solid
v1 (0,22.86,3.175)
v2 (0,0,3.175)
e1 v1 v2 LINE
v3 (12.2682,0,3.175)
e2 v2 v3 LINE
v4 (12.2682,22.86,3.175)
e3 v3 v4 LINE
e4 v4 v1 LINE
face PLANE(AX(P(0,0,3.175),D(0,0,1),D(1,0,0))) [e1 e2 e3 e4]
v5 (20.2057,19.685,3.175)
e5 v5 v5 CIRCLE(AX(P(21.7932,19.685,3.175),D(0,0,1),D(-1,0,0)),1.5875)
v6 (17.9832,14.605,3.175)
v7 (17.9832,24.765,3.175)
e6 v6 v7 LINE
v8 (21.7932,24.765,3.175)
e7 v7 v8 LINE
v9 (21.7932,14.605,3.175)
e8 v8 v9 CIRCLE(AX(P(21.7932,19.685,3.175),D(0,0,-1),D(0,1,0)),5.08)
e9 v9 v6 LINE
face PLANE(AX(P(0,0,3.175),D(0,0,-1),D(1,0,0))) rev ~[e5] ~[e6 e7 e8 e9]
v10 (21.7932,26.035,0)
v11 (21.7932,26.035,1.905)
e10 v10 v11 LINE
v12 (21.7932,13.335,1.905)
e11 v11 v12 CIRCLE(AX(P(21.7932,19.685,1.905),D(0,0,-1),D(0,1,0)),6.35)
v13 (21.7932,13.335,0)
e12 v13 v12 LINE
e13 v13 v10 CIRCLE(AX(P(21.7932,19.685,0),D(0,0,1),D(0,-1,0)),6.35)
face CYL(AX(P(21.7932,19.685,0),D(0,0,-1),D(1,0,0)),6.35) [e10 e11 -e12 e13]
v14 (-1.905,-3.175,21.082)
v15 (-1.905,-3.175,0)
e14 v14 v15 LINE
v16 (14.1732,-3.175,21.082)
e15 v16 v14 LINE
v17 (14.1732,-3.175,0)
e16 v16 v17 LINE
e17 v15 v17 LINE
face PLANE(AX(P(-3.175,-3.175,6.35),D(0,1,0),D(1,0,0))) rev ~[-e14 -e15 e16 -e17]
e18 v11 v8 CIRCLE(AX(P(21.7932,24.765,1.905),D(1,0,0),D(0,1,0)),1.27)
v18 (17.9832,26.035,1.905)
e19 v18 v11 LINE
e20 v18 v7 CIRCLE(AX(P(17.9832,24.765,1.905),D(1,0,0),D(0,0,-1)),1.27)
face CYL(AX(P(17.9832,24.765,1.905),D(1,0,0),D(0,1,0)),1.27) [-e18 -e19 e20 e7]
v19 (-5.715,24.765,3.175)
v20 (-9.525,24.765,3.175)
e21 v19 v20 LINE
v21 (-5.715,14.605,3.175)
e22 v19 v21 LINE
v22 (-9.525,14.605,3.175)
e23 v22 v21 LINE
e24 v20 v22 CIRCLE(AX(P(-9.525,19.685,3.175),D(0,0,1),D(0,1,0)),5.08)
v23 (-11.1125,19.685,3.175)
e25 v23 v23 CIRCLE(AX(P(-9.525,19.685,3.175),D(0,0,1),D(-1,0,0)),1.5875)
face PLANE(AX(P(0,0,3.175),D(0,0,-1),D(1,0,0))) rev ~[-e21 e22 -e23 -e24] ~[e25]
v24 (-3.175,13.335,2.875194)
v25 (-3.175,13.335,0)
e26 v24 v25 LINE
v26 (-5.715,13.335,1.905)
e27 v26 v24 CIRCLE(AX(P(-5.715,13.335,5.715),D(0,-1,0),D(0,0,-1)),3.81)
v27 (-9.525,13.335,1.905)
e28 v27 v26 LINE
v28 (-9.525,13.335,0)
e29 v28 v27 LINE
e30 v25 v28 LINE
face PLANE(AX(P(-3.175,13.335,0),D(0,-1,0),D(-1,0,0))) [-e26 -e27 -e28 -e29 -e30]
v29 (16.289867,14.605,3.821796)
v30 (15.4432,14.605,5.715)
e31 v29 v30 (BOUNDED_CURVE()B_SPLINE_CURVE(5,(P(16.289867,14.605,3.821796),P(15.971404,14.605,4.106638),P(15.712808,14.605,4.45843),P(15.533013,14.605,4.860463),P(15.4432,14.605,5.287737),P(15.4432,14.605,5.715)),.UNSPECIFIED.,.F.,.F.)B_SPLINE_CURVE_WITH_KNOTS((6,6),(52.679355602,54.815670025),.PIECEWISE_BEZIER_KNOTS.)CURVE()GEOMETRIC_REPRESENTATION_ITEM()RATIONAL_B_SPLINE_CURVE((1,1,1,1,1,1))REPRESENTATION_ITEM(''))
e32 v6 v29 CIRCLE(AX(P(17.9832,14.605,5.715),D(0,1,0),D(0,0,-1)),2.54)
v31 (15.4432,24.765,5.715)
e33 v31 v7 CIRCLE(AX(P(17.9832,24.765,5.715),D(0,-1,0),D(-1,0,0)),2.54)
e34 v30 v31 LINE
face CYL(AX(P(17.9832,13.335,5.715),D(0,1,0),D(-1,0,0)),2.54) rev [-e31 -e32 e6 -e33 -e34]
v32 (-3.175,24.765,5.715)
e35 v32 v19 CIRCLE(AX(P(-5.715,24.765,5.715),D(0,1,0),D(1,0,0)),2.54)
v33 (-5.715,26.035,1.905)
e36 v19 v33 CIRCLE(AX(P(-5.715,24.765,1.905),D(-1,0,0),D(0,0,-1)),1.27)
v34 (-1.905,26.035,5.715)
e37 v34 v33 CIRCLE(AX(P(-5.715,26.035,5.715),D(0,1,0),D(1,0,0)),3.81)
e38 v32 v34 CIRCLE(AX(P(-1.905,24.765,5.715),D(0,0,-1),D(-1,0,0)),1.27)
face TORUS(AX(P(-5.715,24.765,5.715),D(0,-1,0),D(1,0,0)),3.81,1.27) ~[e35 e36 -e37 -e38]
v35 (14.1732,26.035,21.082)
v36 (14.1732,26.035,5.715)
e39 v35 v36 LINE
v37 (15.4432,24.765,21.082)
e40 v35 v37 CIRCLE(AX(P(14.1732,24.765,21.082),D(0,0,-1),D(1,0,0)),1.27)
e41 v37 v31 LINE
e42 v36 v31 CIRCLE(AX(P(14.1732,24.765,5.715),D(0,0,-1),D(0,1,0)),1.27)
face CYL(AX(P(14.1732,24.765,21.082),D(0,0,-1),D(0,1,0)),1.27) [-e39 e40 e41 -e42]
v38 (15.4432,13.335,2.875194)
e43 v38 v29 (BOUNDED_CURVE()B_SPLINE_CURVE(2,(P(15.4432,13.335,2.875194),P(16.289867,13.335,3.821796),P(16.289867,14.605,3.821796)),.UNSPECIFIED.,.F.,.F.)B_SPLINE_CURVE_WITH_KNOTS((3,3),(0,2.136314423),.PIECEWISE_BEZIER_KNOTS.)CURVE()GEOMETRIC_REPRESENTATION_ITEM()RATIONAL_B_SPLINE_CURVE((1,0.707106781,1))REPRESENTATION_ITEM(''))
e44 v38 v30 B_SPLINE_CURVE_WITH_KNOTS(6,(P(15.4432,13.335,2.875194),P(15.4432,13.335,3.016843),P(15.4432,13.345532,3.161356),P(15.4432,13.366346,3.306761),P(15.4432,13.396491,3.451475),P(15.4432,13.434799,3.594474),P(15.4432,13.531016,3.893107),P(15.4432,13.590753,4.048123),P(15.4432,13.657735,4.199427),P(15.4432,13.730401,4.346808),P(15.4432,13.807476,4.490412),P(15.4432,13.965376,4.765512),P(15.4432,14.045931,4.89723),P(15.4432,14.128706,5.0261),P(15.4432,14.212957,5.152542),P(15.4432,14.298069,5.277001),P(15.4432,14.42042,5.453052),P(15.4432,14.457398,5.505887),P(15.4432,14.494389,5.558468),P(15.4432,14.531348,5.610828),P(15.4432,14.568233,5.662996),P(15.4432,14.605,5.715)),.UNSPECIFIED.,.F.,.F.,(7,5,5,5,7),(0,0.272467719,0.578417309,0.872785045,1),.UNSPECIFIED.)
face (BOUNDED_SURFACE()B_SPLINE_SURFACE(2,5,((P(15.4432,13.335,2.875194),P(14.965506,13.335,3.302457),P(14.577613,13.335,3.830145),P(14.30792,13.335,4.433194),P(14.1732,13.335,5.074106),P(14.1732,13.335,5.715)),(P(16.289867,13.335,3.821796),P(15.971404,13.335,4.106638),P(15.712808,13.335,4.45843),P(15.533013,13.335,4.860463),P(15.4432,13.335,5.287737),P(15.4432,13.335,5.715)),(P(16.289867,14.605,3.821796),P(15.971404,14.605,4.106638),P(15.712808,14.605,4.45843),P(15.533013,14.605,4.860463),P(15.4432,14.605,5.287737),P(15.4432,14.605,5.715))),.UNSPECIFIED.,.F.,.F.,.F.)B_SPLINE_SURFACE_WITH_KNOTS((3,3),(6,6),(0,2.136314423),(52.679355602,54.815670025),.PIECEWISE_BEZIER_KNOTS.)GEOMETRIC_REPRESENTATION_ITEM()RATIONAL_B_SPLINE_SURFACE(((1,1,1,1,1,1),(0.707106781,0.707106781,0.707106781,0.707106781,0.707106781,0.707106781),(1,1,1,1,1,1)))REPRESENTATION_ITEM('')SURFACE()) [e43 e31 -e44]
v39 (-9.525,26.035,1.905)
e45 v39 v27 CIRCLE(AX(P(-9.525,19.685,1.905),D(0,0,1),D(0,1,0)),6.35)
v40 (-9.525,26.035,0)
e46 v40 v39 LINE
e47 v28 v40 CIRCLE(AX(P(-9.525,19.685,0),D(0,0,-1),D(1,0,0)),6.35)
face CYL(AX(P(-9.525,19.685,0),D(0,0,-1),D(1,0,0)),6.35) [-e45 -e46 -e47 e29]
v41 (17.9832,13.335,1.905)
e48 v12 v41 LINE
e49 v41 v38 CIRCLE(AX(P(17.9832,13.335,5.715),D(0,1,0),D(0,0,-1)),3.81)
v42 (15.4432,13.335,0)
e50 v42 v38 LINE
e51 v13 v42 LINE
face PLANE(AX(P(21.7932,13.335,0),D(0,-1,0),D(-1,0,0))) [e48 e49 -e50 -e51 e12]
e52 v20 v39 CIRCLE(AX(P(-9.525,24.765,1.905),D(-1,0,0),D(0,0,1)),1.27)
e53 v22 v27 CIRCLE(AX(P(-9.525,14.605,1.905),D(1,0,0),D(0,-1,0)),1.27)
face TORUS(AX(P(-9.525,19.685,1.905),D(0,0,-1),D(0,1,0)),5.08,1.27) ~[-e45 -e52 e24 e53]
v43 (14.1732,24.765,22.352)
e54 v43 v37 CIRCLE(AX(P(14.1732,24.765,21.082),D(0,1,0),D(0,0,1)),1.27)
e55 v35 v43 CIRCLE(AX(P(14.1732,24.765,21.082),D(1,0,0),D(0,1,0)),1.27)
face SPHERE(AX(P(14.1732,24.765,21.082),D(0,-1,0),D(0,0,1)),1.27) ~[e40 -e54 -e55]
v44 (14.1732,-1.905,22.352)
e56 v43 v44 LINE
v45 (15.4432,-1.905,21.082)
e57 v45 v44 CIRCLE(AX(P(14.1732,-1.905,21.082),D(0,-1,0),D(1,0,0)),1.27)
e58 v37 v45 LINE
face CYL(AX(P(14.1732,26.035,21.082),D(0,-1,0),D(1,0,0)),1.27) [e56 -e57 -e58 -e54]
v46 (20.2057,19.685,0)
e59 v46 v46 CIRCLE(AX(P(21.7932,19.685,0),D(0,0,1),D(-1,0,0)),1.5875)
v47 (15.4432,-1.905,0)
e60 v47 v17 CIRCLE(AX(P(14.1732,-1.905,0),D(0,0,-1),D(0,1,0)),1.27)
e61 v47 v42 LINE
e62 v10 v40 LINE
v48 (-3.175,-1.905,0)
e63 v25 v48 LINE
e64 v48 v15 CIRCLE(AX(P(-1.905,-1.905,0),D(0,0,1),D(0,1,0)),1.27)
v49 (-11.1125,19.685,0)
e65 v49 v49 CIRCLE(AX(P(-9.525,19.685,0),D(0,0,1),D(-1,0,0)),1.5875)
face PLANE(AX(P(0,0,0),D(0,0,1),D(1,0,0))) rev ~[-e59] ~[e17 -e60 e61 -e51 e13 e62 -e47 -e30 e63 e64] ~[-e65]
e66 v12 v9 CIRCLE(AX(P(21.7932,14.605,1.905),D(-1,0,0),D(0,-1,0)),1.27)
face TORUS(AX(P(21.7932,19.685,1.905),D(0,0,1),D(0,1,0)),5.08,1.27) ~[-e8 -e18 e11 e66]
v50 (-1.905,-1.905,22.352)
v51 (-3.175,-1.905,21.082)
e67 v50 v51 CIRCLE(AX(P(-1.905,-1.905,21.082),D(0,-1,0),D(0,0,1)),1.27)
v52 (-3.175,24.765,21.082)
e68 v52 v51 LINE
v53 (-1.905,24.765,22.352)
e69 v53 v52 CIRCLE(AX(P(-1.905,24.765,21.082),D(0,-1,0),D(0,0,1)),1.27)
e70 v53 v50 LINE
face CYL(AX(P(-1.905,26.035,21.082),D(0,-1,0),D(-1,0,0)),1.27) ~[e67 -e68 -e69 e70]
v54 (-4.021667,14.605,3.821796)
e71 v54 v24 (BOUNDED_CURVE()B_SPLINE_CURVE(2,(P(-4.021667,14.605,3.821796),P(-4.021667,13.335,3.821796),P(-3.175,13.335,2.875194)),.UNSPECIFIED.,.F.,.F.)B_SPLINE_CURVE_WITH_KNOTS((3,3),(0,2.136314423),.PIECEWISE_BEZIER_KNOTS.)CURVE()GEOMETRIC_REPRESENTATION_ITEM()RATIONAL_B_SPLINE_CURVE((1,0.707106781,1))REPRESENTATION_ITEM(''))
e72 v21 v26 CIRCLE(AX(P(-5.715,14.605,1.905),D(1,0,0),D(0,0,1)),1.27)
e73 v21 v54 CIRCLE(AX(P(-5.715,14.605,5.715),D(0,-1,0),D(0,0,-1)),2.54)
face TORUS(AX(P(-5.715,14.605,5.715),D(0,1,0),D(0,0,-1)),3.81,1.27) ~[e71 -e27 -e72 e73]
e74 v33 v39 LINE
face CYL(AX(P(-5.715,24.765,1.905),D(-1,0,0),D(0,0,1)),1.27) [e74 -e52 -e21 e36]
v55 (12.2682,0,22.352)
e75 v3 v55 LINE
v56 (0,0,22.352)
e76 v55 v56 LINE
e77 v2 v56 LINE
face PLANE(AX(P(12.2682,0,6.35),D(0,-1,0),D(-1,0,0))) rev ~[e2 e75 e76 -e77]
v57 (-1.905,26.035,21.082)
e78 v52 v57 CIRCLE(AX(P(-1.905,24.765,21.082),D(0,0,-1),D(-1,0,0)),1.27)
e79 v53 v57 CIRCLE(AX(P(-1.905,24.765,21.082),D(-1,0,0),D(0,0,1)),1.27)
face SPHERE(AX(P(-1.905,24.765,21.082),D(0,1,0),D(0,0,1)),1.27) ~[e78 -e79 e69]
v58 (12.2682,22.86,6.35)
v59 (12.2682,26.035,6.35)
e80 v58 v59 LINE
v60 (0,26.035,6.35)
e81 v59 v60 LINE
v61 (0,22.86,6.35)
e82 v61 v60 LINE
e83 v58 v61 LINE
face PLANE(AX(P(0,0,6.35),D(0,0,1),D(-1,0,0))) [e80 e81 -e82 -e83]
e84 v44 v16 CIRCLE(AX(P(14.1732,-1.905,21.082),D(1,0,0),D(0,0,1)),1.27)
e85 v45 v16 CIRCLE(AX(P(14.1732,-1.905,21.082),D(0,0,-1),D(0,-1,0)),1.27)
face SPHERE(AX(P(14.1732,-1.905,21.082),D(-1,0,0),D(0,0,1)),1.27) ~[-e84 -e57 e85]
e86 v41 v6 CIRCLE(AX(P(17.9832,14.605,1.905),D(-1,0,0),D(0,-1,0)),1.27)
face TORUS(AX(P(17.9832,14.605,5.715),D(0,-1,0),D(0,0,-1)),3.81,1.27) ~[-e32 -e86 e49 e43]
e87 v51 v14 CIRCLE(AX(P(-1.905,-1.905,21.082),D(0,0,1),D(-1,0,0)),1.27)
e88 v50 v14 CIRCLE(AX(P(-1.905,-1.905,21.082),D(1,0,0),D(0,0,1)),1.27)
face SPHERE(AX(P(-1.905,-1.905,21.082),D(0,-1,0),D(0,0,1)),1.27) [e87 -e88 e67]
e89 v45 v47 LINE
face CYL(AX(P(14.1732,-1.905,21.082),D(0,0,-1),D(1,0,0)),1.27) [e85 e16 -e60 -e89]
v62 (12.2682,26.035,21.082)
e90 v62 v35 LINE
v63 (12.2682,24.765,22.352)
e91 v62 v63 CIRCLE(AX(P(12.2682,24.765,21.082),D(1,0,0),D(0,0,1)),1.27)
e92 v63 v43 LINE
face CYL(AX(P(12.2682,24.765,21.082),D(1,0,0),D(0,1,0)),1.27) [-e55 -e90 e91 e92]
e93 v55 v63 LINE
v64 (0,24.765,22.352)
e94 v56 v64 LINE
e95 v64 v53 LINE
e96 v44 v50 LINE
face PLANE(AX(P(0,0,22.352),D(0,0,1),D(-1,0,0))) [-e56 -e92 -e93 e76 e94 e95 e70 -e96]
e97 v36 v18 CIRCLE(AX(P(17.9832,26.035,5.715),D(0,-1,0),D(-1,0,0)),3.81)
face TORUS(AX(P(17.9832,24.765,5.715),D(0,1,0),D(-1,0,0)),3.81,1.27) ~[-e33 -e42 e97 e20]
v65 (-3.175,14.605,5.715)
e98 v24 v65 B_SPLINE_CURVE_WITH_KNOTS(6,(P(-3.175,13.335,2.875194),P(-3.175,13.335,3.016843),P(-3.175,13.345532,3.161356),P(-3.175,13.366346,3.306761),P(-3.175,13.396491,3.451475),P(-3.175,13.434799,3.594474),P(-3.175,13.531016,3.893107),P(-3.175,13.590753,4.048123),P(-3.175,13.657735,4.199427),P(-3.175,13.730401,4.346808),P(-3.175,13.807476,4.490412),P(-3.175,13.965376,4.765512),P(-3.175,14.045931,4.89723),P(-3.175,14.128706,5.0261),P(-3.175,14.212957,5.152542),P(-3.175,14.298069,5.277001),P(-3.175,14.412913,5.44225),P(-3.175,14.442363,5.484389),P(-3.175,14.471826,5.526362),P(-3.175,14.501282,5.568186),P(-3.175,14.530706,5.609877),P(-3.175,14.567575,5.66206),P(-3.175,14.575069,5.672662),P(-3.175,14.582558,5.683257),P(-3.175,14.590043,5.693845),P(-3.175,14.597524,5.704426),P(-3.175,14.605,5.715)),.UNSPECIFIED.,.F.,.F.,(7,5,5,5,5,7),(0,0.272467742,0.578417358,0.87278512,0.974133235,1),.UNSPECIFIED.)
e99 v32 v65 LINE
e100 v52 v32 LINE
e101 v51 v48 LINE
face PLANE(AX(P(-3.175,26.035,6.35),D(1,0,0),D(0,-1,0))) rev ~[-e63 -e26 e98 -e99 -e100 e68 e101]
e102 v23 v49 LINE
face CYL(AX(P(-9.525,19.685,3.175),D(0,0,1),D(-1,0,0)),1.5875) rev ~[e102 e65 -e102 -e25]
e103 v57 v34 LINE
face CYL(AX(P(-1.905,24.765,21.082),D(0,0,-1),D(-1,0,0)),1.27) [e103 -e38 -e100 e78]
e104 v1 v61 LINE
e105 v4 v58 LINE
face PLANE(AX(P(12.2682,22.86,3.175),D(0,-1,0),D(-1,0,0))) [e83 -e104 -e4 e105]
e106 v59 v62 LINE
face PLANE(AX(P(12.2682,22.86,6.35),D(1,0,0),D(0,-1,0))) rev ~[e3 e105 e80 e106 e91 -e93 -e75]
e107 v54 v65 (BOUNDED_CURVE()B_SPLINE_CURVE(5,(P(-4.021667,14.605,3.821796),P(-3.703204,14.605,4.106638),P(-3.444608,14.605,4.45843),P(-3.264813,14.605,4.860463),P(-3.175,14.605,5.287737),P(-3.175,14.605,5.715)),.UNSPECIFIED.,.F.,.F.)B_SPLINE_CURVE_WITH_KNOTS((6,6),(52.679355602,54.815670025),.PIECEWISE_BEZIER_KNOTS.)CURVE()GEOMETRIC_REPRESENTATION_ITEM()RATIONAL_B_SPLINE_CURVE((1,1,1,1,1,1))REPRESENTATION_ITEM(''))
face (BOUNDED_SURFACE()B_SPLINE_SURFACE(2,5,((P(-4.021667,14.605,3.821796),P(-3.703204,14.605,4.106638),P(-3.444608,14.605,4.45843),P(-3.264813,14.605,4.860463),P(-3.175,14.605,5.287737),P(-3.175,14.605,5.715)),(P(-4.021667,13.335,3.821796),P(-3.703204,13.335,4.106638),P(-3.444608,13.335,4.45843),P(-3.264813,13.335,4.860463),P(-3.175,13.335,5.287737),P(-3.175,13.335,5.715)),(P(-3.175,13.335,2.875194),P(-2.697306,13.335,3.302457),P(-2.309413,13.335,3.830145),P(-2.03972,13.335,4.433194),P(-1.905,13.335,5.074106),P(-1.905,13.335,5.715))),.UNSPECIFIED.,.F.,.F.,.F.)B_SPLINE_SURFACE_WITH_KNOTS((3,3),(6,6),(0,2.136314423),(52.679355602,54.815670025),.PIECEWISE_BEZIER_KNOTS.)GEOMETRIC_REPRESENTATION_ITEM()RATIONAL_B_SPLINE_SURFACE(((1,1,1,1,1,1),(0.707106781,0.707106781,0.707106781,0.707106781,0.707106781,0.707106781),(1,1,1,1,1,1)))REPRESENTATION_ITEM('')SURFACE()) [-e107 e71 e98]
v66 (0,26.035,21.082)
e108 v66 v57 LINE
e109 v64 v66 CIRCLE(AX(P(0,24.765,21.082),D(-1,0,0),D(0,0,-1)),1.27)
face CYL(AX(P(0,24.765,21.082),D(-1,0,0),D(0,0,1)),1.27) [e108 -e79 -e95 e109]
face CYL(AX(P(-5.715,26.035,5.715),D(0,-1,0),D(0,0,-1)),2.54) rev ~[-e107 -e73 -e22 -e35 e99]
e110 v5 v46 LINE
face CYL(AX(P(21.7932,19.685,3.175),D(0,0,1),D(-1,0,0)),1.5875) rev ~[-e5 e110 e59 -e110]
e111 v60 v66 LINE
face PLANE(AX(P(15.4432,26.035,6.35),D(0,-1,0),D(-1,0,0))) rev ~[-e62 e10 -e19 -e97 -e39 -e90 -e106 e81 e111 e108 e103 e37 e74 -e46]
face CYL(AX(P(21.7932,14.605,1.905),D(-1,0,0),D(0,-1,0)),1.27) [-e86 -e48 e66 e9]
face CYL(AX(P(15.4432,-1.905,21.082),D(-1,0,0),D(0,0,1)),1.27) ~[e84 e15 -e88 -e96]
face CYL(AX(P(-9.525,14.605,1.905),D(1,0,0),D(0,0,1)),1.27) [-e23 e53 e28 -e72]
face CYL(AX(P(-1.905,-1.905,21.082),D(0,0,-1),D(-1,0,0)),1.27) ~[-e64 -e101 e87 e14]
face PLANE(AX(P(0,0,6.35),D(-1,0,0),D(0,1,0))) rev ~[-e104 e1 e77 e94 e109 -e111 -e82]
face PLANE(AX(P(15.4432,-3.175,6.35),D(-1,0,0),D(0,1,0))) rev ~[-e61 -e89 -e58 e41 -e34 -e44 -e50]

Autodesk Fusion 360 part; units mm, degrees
sketch "Sketch1" plane through (0, 0, 0) normal (0, 0, 1) x (1, 0, 0)
  line L0 (0, 0) -> (12.2682, 0)
  line L1 (12.2682, 0) -> (12.2682, 22.86)
  line L2 (12.2682, 22.86) -> (0, 22.86)
  line L3 (0, 22.86) -> (0, 0)
  line L4 (-3.175, -3.175) -> (15.4432, -3.175)
  line L5 (15.4432, -3.175) -> (15.4432, 26.035)
  line L6 (15.4432, 26.035) -> (-3.175, 26.035)
  line L7 (-3.175, 26.035) -> (-3.175, -3.175)
  line L8 (0, 22.86) -> (0, 26.035)
  line L9 (12.2682, 22.86) -> (12.2682, 26.035)
  dimension "d1" = 12.2682
  dimension "d2" = 22.86
  dimension "d3" = 3.175
extrude "Extrude1" add sketch "Sketch1" along normal blind 3.175
sketch "Sketch2" plane through (0, 0, 3.175) normal (0, 0, 1) x (-1, 0, 0)
  line L0 (3.175, -26.035) -> (3.175, 3.175)
  line L1 (3.175, 3.175) -> (-15.4432, 3.175)
  line L2 (-15.4432, 3.175) -> (-15.4432, -26.035)
  line L3 (-15.4432, -26.035) -> (3.175, -26.035)
  line L4 (-12.2682, 0) -> (-12.2682, -22.86)
  line L5 (-12.2682, -22.86) -> (0, -22.86)
  line L6 (0, -22.86) -> (0, 0)
  line L7 (0, 0) -> (-12.2682, 0)
  dimension "d6" = -3.175
extrude "Extrude2" add sketch "Sketch2" along normal blind 3.175
sketch "Sketch3" plane through (0, 0, 6.35) normal (0, 0, 1) x (-1, 0, 0)
  line L0 (-12.2682, 0) -> (0, 0)
  line L1 (0, 0) -> (0, -22.86)
  line L2 (0, -22.86) -> (-12.2682, -22.86)
  line L3 (-12.2682, -22.86) -> (-12.2682, 0)
  line L4 (-15.4432, -26.035) -> (3.175, -26.035)
  line L5 (3.175, -26.035) -> (3.175, 3.175)
  line L6 (3.175, 3.175) -> (-15.4432, 3.175)
  line L7 (-15.4432, 3.175) -> (-15.4432, -26.035)
  line L8 (0, -22.86) -> (0, -26.035)
  line L9 (-12.2682, -22.86) -> (-12.2682, -26.035)
extrude "Extrude3" add sketch "Sketch3" along normal blind 16.002 contours L0 L1 L3 L4 L5 L6 L7 L8 L9
sketch "Sketch4" plane through (0, 0, 0) normal (0, 0, -1) x (1, 0, 0)
  line L0 (-3.175, 3.175) -> (-3.175, -26.035)
  line L1 (-3.175, -26.035) -> (15.4432, -26.035)
  line L2 (15.4432, -26.035) -> (15.4432, 3.175)
  line L3 (15.4432, 3.175) -> (-3.175, 3.175)
  line L4 (15.4432, -26.035) -> (21.7932, -26.035)
  line L5 (21.7932, -26.035) -> (21.7932, -19.685)
  line L6 (21.7932, -19.685) -> (15.4432, -19.685)
  line L7 (15.4432, -19.685) -> (15.4432, -26.035)
  line L8 (-3.175, -26.035) -> (-9.525, -26.035)
  line L9 (-9.525, -26.035) -> (-9.525, -19.685)
  line L10 (-9.525, -19.685) -> (-3.175, -19.685)
  line L11 (-3.175, -19.685) -> (-3.175, -26.035)
  circle A0 centre (21.7932, -19.685) radius 6.35
  circle A1 centre (-9.525, -19.685) radius 6.35
  line L12 (-9.525, -19.685) -> (21.7932, -19.685)
  line L13 (21.7932, -19.685) -> (21.7932, -13.335)
  line L14 (21.7932, -13.335) -> (-9.525, -13.335)
  line L15 (-9.525, -13.335) -> (-9.525, -19.685)
  dimension "d11" = 6.35
  dimension "d12" = 6.35
  dimension "d13" = 6.35
  dimension "d14" = 6.35
extrude "Extrude4" add sketch "Sketch4" against normal blind 3.175 contours L0 A1 L14 | L9 L10 A1 L12 | L10 A1 L12 L15 | L0 L8 L11 A1 | L9 A1 L15 | L2 L4 L7 A0 | L6 A0 L12 L13 | L2 A0 L14 | L5 L6 A0 L12 | L5 A0 L13
sketch "Sketch5" plane through (0, 0, 3.175) normal (0, 0, 1) x (-1, 0, 0)
  line L0 (-15.4432, -26.035) -> (-15.4432, -13.335)
  line L1 (-15.4432, -13.335) -> (-21.7932, -13.335)
  arc A0 (-21.7932, -13.335) -> (-21.7932, -26.035) centre (-21.7932, -19.685) ccw
  line L2 (-21.7932, -26.035) -> (-15.4432, -26.035)
  circle A1 centre (-21.7932, -19.685) radius 1.5875
  dimension "d17" = 3.175
extrude "Extrude5" cut sketch "Sketch5" against normal blind 127 contours A1
sketch "Sketch6" plane through (0, 0, 3.175) normal (0, 0, 1) x (-1, 0, 0)
  arc A0 (9.525, -26.035) -> (9.525, -13.335) centre (9.525, -19.685) ccw
  line L0 (9.525, -13.335) -> (3.175, -13.335)
  line L1 (3.175, -13.335) -> (3.175, -26.035)
  line L2 (3.175, -26.035) -> (9.525, -26.035)
  circle A1 centre (9.525, -19.685) radius 1.5875
  dimension "d20" = 3.175
extrude "Extrude6" cut sketch "Sketch6" against normal blind 25.4 contours A1
fillet "Fillet1" radius 2.54 1 edges at (15.4432, 19.685, 3.175)
fillet "Fillet2" radius 2.54 1 edges at (-3.175, 19.685, 3.175)
fillet "Fillet3" radius 1.27 17 edges at (-3.175, 11.43, 22.352) (-3.9189, 13.335, 3.9189) (-7.62, 13.335, 3.175) (-15.875, 19.685, 3.175) (-7.62, 26.035, 3.175) (-3.9189, 26.035, 3.9189) (-3.175, 26.035, 14.0335) (-3.175, -3.175, 11.176) (15.4432, -3.175, 11.176) (6.1341, -3.175, 22.352) (15.4432, 11.43, 22.352) (16.1871, 13.335, 3.9189) (19.8882, 13.335, 3.175) (28.1432, 19.685, 3.175) (19.8882, 26.035, 3.175) (16.1871, 26.035, 3.9189) (15.4432, 26.035, 14.0335)
